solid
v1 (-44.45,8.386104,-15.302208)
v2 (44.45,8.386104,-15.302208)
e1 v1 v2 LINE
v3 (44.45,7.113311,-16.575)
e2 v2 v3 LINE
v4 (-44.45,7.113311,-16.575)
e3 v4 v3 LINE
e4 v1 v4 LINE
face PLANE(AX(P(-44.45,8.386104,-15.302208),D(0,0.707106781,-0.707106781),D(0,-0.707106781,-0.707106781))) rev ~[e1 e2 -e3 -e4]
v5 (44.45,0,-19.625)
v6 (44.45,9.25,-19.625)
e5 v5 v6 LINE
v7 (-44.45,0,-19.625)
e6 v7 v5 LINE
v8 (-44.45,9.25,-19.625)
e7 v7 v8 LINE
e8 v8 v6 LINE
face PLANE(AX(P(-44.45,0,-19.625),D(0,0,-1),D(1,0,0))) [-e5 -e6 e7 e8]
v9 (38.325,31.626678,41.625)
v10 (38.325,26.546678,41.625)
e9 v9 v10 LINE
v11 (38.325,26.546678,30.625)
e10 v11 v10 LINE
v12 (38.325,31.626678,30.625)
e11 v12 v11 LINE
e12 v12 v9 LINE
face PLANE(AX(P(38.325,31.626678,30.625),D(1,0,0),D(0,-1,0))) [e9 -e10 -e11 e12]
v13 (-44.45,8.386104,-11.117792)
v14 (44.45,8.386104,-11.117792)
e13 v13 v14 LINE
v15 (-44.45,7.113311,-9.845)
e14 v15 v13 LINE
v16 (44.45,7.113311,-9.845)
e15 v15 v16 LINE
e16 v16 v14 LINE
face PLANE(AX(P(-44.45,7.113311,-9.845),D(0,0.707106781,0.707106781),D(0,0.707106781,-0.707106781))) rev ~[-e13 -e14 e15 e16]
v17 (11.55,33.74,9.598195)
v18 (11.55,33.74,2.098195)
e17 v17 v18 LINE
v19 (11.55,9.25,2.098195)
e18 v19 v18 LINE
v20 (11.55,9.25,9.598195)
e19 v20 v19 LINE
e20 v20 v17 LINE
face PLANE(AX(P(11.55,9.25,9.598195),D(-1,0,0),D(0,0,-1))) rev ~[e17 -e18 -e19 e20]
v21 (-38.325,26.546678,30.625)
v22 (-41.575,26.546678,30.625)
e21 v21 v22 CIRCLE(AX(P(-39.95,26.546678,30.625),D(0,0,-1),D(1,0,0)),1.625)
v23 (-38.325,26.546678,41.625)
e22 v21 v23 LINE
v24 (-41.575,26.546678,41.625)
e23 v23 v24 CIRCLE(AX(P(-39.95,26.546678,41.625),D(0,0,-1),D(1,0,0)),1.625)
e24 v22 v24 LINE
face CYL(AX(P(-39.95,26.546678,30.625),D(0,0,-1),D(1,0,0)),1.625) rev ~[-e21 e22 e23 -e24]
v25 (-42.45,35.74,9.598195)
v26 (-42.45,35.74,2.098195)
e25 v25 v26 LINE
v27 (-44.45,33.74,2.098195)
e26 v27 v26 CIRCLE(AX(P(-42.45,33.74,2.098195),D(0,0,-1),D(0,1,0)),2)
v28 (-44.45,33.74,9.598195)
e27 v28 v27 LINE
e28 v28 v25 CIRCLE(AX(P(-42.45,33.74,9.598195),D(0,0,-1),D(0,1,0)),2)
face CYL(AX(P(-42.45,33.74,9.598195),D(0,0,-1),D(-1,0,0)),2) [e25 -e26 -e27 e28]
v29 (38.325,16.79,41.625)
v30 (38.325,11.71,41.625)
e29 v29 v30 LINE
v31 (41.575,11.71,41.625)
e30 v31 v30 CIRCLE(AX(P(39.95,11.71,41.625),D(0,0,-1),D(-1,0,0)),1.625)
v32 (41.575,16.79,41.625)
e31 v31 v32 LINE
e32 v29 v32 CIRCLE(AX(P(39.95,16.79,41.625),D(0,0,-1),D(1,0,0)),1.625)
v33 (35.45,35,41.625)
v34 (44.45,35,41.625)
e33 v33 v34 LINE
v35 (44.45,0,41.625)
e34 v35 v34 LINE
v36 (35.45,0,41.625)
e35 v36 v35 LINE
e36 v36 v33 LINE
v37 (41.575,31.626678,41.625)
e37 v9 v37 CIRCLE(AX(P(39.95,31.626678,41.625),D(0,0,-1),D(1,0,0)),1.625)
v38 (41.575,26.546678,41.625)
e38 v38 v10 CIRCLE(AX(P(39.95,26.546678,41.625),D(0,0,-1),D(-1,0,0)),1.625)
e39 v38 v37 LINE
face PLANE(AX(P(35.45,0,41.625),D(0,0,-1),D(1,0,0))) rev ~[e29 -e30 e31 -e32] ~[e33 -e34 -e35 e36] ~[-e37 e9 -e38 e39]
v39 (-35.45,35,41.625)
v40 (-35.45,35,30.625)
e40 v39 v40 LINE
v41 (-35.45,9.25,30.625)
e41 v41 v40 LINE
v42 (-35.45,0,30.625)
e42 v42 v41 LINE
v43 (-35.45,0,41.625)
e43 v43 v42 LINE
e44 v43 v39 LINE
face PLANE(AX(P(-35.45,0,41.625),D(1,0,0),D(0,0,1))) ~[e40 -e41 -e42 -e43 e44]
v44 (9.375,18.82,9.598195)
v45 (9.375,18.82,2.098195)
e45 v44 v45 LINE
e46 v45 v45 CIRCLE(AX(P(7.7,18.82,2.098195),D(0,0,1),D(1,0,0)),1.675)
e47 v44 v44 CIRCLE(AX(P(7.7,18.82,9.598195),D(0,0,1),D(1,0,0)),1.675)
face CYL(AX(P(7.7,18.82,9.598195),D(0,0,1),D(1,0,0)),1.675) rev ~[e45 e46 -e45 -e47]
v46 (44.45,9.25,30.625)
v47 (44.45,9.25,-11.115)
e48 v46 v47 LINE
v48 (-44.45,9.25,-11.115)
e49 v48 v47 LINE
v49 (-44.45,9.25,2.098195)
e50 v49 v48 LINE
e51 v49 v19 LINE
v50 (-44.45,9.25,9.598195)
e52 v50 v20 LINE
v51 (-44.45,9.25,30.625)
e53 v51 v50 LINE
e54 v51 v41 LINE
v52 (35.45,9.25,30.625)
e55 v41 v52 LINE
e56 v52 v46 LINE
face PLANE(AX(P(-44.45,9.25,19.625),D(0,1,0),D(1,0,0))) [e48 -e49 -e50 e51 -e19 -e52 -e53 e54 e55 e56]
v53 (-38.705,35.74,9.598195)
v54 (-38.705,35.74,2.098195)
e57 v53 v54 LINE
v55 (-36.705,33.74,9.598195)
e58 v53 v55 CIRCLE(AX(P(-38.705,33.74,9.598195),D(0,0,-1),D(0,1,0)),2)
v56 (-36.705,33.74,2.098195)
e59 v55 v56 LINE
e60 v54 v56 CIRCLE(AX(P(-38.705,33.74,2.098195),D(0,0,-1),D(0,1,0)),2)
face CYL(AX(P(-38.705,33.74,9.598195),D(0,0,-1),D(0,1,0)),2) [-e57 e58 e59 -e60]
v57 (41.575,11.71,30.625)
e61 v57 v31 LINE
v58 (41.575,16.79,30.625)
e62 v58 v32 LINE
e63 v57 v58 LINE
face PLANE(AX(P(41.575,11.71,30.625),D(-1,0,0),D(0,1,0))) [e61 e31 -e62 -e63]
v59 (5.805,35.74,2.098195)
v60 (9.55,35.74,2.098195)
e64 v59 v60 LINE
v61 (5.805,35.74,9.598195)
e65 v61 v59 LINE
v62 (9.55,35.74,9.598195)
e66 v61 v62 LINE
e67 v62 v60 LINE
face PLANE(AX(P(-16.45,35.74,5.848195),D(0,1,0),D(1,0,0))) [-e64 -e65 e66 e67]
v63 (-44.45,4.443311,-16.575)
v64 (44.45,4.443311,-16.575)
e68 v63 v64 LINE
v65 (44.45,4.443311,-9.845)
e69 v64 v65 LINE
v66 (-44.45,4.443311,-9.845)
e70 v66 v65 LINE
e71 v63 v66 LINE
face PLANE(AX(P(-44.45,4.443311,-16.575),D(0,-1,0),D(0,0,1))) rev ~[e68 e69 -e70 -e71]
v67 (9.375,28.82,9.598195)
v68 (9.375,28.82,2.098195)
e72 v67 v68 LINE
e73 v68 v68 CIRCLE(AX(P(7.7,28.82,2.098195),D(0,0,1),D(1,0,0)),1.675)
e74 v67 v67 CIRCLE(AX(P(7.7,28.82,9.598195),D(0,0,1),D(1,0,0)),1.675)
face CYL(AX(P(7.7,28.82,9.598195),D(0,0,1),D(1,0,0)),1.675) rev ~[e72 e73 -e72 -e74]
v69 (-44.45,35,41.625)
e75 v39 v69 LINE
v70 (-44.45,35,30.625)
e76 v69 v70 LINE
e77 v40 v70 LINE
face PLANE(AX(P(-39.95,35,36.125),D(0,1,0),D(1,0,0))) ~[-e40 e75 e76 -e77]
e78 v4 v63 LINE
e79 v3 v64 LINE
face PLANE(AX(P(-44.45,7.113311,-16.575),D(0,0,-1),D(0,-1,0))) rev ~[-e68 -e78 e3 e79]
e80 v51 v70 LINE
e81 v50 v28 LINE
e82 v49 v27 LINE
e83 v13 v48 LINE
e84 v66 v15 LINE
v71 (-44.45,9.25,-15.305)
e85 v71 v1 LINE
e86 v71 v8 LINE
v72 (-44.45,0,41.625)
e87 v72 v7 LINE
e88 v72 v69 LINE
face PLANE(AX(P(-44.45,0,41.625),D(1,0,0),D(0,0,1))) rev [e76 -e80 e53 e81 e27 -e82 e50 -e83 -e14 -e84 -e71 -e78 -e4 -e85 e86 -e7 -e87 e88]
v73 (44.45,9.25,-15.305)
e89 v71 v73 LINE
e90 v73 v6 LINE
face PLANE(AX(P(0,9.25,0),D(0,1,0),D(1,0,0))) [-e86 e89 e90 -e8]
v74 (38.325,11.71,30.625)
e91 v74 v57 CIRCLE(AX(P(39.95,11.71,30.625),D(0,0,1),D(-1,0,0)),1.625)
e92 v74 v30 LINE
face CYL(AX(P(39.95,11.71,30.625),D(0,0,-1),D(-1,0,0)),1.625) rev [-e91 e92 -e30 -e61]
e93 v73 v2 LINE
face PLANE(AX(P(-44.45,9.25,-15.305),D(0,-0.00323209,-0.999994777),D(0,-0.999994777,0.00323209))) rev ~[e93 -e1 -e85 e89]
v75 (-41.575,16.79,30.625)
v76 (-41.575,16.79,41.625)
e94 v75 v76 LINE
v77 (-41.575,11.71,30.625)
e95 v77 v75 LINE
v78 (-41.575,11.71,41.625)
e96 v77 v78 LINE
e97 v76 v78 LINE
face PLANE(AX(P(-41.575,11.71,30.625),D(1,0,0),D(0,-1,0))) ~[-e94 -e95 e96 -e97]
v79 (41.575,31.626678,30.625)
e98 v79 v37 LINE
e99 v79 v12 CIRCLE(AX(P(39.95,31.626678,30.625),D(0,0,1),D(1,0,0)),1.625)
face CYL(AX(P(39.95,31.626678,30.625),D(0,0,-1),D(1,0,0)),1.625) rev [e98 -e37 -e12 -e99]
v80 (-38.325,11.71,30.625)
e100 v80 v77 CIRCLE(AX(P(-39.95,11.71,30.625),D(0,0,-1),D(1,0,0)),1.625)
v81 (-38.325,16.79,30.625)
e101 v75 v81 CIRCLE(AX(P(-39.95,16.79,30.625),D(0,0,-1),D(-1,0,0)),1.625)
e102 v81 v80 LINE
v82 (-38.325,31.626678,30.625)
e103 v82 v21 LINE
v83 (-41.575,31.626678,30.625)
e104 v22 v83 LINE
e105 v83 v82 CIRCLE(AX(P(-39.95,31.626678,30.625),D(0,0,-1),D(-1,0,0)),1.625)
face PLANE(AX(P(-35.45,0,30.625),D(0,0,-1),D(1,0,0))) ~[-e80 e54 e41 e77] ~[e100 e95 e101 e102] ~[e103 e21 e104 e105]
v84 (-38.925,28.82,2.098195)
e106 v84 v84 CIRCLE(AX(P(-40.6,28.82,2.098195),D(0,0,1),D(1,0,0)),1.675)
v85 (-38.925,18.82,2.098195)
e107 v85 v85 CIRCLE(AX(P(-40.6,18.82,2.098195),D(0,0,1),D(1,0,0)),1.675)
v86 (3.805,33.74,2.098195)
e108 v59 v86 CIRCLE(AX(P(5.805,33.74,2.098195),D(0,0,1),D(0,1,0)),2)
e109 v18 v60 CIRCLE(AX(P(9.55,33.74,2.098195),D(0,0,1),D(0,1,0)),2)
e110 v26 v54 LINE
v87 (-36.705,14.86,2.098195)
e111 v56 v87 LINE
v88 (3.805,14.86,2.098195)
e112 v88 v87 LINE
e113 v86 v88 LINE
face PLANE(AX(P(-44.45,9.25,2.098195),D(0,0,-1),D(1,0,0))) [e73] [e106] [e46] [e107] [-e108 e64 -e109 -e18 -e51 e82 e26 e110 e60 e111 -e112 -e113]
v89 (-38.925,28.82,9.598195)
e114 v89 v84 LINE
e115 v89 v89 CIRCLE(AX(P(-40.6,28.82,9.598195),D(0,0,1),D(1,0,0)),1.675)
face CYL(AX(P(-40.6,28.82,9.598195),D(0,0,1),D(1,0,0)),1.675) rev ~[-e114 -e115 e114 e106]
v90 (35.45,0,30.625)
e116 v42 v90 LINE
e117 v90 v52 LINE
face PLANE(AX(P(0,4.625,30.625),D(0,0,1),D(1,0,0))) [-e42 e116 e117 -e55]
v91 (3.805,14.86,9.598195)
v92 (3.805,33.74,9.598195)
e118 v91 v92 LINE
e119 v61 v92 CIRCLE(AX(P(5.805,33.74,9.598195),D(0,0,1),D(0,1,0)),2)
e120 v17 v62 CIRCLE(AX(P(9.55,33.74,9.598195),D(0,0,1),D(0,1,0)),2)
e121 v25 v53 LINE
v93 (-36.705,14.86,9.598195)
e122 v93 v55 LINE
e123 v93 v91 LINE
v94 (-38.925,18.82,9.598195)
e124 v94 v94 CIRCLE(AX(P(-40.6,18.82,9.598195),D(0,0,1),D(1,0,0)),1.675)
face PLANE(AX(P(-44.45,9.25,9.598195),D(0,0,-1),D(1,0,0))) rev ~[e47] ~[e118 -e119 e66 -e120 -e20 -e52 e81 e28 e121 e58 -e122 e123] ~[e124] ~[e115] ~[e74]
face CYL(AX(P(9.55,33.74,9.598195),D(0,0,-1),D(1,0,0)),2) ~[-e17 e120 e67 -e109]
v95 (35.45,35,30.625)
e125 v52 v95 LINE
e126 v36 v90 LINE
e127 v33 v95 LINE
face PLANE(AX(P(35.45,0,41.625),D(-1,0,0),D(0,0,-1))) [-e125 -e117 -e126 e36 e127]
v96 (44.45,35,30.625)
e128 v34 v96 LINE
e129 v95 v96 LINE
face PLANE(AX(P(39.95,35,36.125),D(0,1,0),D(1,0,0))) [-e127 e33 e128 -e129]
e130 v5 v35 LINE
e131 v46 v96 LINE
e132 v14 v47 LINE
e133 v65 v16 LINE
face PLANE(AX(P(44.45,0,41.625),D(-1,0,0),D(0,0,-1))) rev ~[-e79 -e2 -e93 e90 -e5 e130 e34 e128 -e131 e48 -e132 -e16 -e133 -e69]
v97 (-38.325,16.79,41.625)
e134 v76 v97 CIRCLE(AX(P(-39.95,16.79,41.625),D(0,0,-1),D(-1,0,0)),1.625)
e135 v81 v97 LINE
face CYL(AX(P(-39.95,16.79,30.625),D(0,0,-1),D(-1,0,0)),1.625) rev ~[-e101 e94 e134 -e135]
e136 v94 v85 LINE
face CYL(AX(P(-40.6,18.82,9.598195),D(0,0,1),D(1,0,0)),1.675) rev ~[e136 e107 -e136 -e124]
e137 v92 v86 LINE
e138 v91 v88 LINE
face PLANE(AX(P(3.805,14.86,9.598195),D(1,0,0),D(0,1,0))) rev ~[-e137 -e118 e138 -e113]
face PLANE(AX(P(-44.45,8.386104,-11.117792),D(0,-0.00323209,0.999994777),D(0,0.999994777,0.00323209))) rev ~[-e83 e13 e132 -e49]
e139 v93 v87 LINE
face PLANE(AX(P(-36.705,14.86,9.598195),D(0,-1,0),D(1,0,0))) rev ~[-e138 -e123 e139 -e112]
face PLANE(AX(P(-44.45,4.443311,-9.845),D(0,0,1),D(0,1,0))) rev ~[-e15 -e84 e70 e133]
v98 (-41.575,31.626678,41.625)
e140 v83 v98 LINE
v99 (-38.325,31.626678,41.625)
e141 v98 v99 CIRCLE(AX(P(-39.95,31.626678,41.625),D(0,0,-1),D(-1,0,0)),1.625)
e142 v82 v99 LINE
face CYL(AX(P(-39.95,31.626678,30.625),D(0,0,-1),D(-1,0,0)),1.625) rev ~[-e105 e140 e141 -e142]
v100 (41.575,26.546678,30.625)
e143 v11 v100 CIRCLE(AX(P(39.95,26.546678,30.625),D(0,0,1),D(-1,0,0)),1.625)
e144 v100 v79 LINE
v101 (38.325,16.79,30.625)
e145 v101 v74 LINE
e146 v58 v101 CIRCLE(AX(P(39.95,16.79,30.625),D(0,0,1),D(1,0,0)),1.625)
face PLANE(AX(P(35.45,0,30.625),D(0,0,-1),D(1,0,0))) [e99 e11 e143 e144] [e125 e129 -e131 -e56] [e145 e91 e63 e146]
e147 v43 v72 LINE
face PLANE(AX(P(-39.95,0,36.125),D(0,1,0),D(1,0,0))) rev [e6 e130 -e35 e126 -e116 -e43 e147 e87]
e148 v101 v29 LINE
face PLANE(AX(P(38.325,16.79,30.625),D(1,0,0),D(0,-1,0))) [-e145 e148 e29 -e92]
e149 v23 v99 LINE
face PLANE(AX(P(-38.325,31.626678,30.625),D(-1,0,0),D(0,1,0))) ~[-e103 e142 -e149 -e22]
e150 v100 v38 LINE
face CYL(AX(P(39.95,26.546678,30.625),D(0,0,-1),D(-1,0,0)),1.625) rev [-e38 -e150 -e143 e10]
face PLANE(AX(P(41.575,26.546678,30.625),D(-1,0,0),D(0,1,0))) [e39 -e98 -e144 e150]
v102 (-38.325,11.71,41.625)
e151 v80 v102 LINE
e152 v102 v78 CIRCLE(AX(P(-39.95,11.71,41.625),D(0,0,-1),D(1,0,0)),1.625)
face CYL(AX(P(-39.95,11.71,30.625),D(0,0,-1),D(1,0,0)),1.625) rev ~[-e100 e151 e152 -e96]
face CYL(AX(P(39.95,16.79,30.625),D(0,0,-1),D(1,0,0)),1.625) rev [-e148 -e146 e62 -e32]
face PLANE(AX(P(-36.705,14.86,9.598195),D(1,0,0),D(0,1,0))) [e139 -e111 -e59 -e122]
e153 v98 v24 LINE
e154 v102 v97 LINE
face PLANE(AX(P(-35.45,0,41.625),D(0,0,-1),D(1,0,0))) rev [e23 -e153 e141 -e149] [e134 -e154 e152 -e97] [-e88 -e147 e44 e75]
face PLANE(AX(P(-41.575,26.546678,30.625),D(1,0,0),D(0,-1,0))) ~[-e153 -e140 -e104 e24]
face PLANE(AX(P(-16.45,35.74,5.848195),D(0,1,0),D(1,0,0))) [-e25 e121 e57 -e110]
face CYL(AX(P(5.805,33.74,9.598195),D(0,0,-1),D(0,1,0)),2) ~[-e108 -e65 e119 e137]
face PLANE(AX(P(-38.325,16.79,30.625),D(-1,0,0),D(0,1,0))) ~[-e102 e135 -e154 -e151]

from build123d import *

# Parameters (mm, degrees)
SKETCH1_W           = 88.9
SKETCH1_H           = 39.25
BOSS_EXTRUDE1_DEPTH = 9.25
SKETCH2_W           = 56
SKETCH2_H           = 7.5
BOSS_EXTRUDE2_DEPTH = 26.49
SKETCH3_W           = 40.51
SKETCH3_H           = 20.88
CUT_EXTRUDE2_DEPTH  = 8.49
SKETCH5_R           = 1.675
CUT_EXTRUDE3_DEPTH  = 8.49
CUT_EXTRUDE4_DEPTH  = 91.49
FILLET1_R           = 2
FILLET2_R           = 2
SKETCH12_W          = 88.9
SKETCH12_H          = 9.25
BOSS_EXTRUDE3_DEPTH = 11
SKETCH16_W          = 9
SKETCH16_H          = 11
BOSS_EXTRUDE5_DEPTH = 35
CUT_EXTRUDE5_DEPTH  = 16
CUT_EXTRUDE6_DEPTH  = 16


with BuildPart() as part:
    # Sketch1 → Boss-Extrude1 (new body)
    with BuildSketch(Plane(origin=(0, 0, 0), x_dir=(1, 0, 0), z_dir=(0, 1, 0))):
        Rectangle(SKETCH1_W, SKETCH1_H)
    extrude(amount=BOSS_EXTRUDE1_DEPTH)

    # Sketch2 → Boss-Extrude2 (add)
    with BuildSketch(Plane(origin=(0, 9.25, 0), x_dir=(1, 0, 0), z_dir=(0, 1, 0))):
        with Locations((-16.45, -5.848195432)):
            Rectangle(SKETCH2_W, SKETCH2_H)
    extrude(amount=BOSS_EXTRUDE2_DEPTH)

    # Sketch3 → Cut-Extrude2 (cut)
    with BuildSketch(Plane.XY.offset(9.598195432)):
        with Locations((-16.45, 25.3)):
            Rectangle(SKETCH3_W, SKETCH3_H)
    extrude(amount=-CUT_EXTRUDE2_DEPTH, mode=Mode.SUBTRACT)

    # Sketch5 → Cut-Extrude3 (cut)
    with BuildSketch(Plane.XY.offset(9.598195432)):
        with Locations((-40.6, 18.82)):
            Circle(SKETCH5_R)
        with Locations((-40.6, 28.82)):
            Circle(SKETCH5_R)
        with Locations((7.7, 18.82)):
            Circle(SKETCH5_R)
        with Locations((7.7, 28.82)):
            Circle(SKETCH5_R)
    extrude(amount=-CUT_EXTRUDE3_DEPTH, mode=Mode.SUBTRACT)

    # Sketch10 → Cut-Extrude4 (cut)
    with BuildSketch(Plane.ZY.offset(44.45)):
        Polygon((-16.575, 4.44331134), (-9.845, 4.44331134), (-9.845, 7.11331134), (-11.117792206, 8.386103546), (-11.115, 9.25), (-15.305, 9.25), (-15.302207794, 8.386103546), (-16.575, 7.11331134), align=None)
    extrude(amount=-CUT_EXTRUDE4_DEPTH, mode=Mode.SUBTRACT)

    # Fillet1
    fillet1_edges = [part.edges().sort_by_distance(p)[0] for p in [
        (-44.45, 35.74, 5.848195432),
        (-36.705, 35.74, 5.848195432),
    ]]
    fillet(fillet1_edges, radius=FILLET1_R)

    # Fillet2
    fillet2_edges = [part.edges().sort_by_distance(p)[0] for p in [
        (11.55, 35.74, 5.848195432),
        (3.805, 35.74, 5.848195432),
    ]]
    fillet(fillet2_edges, radius=FILLET2_R)

    # Sketch12 → Boss-Extrude3 (add)
    with BuildSketch(Plane.XY.offset(19.625)):
        with Locations((0, 4.625)):
            Rectangle(SKETCH12_W, SKETCH12_H)
    extrude(amount=BOSS_EXTRUDE3_DEPTH)

    # Sketch16 → Boss-Extrude5 (add)
    with BuildSketch(Plane(origin=(0, 0, 0), x_dir=(1, 0, 0), z_dir=(0, 1, 0))):
        with Locations((39.95, -36.125)):
            Rectangle(SKETCH16_W, SKETCH16_H)
    boss_extrude5 = extrude(amount=BOSS_EXTRUDE5_DEPTH)

    # Sketch17 → Cut-Extrude5 (cut)
    with BuildSketch(Plane(origin=(0, 0, 30.625), x_dir=(-1, 0, 0), z_dir=(0, 0, -1))):
        with BuildLine():
            Line((-41.575, 11.71), (-41.575, 16.79))
            ThreePointArc((-41.575, 16.79), (-39.95, 18.415), (-38.325, 16.79))
            Line((-38.325, 16.79), (-38.325, 11.71))
            ThreePointArc((-38.325, 11.71), (-39.95, 10.085), (-41.575, 11.71))
        make_face()
    cut_extrude5 = extrude(amount=-CUT_EXTRUDE5_DEPTH, mode=Mode.SUBTRACT)

    # Sketch19 → Cut-Extrude6 (cut)
    with BuildSketch(Plane(origin=(0, 0, 30.625), x_dir=(-1, 0, 0), z_dir=(0, 0, -1))):
        with BuildLine():
            Line((-41.575, 26.546678497), (-41.575, 31.626678497))
            ThreePointArc((-41.575, 31.626678497), (-39.95, 33.251678497), (-38.325, 31.626678497))
            Line((-38.325, 31.626678497), (-38.325, 26.546678497))
            ThreePointArc((-38.325, 26.546678497), (-39.95, 24.921678497), (-41.575, 26.546678497))
        make_face()
    cut_extrude6 = extrude(amount=-CUT_EXTRUDE6_DEPTH, mode=Mode.SUBTRACT)

    # Mirror1: Boss-Extrude5, Cut-Extrude5, Cut-Extrude6 across plane
    add(boss_extrude5.mirror(Plane(origin=(0, 0, 0), x_dir=(0, 0, 1), z_dir=(1, 0, 0))))
    add(cut_extrude5.mirror(Plane(origin=(0, 0, 0), x_dir=(0, 0, 1), z_dir=(1, 0, 0))), mode=Mode.SUBTRACT)
    add(cut_extrude6.mirror(Plane(origin=(0, 0, 0), x_dir=(0, 0, 1), z_dir=(1, 0, 0))), mode=Mode.SUBTRACT)


solid = part.part
